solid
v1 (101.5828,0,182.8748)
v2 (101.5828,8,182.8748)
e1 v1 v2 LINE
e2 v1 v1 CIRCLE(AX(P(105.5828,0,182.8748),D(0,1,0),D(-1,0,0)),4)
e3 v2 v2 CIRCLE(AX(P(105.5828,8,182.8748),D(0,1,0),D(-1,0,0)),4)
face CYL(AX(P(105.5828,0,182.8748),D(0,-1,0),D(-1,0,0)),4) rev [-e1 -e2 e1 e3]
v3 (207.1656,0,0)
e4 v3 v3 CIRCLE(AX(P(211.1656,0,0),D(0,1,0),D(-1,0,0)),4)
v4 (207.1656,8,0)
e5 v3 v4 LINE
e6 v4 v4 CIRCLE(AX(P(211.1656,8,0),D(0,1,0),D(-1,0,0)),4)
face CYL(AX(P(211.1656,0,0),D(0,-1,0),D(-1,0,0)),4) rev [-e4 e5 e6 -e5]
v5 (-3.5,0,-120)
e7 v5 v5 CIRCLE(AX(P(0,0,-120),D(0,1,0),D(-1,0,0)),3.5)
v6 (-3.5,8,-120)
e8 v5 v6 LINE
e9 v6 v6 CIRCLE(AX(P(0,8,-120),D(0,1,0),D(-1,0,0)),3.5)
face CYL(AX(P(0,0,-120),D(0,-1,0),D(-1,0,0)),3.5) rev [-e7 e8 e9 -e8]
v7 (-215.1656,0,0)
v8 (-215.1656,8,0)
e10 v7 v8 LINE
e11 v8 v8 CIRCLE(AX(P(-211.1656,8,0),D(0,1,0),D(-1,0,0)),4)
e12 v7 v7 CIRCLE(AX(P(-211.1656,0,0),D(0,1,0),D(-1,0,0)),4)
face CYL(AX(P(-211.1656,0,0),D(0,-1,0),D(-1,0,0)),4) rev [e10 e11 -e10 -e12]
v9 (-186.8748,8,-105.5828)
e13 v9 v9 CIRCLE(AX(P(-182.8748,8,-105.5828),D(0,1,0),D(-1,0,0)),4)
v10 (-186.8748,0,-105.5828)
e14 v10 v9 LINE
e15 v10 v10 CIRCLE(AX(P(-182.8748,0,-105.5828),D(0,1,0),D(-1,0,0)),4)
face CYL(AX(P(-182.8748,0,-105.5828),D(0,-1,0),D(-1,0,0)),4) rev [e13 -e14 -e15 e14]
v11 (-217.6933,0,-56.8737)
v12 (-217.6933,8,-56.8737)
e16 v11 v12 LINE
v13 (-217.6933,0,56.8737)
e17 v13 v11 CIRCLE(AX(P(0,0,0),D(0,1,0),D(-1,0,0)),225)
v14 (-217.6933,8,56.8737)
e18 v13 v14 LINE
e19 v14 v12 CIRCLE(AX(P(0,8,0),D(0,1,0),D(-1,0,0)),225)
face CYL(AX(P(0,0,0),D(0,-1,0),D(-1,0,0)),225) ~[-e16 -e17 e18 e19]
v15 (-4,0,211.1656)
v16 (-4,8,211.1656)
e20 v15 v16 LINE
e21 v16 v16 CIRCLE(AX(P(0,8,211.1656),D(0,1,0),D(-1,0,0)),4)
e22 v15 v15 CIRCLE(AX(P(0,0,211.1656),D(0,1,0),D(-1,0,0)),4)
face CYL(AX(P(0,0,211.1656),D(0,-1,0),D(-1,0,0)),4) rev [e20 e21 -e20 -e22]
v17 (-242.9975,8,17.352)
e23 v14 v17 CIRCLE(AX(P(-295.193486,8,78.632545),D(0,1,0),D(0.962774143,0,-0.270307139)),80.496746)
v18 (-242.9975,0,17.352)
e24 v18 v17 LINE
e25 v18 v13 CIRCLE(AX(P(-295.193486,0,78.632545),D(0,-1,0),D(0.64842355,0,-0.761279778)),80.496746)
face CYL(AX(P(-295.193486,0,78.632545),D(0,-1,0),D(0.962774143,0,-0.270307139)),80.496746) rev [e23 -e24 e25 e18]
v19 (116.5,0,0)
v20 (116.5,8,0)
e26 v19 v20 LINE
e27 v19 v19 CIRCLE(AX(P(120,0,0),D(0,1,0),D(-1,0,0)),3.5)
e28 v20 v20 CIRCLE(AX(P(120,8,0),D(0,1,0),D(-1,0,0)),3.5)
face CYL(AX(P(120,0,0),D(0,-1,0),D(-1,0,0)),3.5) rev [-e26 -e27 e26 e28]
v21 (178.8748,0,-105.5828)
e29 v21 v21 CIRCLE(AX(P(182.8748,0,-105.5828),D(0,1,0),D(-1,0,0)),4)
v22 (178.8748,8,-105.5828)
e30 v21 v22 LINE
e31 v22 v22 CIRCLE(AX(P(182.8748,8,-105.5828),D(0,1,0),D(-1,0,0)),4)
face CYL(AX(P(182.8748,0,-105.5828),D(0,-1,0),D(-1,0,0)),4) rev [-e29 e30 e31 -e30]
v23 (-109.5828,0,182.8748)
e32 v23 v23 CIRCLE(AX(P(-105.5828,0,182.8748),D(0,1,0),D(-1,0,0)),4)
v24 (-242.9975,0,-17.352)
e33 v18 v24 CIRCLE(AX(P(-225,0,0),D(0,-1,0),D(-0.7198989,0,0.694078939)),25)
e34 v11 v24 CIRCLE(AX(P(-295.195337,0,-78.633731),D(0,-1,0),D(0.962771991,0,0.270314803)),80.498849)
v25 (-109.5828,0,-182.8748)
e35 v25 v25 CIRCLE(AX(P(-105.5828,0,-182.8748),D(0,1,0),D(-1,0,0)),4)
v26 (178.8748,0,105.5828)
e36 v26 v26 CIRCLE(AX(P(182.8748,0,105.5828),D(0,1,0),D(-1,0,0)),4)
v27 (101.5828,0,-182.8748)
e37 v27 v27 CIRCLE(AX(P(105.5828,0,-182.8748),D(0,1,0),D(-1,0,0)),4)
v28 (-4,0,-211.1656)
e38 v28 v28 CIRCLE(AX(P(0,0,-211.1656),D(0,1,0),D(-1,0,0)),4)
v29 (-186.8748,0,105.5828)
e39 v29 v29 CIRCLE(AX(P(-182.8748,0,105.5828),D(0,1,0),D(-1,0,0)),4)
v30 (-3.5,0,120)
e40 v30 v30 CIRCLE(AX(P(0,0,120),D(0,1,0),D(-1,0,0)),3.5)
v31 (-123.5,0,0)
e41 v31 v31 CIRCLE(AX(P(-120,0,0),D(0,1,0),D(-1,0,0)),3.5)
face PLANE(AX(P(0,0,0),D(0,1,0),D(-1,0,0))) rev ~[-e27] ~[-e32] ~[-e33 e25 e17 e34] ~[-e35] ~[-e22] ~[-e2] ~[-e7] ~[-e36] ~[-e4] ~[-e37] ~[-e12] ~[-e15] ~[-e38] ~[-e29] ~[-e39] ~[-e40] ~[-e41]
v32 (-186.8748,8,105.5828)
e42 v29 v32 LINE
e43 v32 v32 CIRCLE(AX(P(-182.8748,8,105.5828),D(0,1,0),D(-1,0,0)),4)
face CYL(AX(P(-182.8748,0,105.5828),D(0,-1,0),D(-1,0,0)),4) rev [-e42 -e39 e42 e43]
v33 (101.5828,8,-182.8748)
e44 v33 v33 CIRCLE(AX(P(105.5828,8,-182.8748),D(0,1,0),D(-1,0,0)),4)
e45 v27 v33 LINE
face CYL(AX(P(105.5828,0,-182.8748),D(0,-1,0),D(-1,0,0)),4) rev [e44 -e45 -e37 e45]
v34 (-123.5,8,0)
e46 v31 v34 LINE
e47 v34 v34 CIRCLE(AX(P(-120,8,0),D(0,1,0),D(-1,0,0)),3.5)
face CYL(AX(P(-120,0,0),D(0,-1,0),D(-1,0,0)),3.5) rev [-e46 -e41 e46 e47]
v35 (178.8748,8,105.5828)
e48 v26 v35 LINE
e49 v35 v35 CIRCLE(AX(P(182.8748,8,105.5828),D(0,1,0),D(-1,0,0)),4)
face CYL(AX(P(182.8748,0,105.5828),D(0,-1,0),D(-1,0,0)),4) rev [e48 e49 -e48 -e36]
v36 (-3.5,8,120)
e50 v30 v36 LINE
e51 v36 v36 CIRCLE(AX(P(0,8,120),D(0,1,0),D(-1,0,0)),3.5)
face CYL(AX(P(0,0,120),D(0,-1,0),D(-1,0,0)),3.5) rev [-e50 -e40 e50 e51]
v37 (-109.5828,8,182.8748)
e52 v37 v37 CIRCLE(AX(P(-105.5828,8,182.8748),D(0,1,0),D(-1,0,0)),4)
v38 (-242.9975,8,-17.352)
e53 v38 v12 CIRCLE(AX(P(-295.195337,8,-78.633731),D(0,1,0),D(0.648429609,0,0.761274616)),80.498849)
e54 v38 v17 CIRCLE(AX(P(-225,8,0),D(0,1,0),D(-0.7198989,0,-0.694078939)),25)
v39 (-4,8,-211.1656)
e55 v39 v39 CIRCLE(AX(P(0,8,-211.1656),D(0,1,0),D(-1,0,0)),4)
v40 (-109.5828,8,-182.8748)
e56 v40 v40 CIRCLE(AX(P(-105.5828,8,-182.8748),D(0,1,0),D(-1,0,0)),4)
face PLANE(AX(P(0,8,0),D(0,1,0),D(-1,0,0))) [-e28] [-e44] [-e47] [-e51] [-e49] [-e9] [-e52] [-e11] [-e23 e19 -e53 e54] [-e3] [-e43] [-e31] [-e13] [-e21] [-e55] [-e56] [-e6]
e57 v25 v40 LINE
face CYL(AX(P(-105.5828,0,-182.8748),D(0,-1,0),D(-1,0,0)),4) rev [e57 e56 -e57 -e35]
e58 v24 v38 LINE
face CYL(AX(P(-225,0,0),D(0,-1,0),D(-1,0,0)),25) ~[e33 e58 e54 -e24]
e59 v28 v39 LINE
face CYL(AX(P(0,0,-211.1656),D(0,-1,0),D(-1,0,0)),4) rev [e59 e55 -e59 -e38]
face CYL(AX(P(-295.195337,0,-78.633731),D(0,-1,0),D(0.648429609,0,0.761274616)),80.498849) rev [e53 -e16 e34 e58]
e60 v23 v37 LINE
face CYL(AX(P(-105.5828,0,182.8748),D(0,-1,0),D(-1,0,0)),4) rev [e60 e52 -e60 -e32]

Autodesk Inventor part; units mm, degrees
ref_plane "YZ Plane" through (0, 0, 0) normal (1, 0, 0) x (0, 1, 0)
ref_plane "XZ Plane" through (0, 0, 0) normal (0, 1, 0) x (-1, 0, 0)
ref_plane "XY Plane" through (0, 0, 0) normal (0, 0, 1) x (1, 0, 0)
sketch "Sketch1" plane through (0, 0, 0) normal (0, 1, 0) x (-1, 0, 0)
  arc A0 (-195.1682, -43.6963) -> (-195.1682, -43.6963) centre (0, 0) ccw construction
  spline S0 degree 3 poles (212.7614, 63.8524) (213.1534, 65.8524) (213.5259, 67.8561) (213.8787, 69.8633) knots 0 0 0 0 0.019635 0.019635 0.019635 0.019635 construction
  circle A1 centre (0, 0) radius 225
  line L0 (0, 0) -> (0, 120) construction
  line L1 (0, 0) -> (0, -120) construction
  line L2 (0, 0) -> (-120, 0) construction
  line L3 (0, 0) -> (120, 0) construction
  circle A2 centre (-120, 0) radius 3.5
  circle A3 centre (0, -120) radius 3.5
  circle A4 centre (120, 0) radius 3.5
  circle A5 centre (0, 120) radius 3.5
  circle A6 centre (0, -211.1656) radius 4
  circle A7 centre (105.5828, -182.8748) radius 4
  circle A8 centre (182.8748, -105.5828) radius 4
  circle A9 centre (211.1656, 0) radius 4
  circle A10 centre (182.8748, 105.5828) radius 4
  circle A11 centre (105.5828, 182.8748) radius 4
  circle A12 centre (0, 211.1656) radius 4
  circle A13 centre (-105.5828, 182.8748) radius 4
  circle A14 centre (-182.8748, 105.5828) radius 4
  circle A15 centre (-211.1656, 0) radius 4
  circle A16 centre (-182.8748, -105.5828) radius 4
  circle A17 centre (-105.5828, -182.8748) radius 4
  circle A18 centre (225, 0) radius 25
  line L4 (225, 0) -> (242.9975, 17.352)
  line L5 (225, 0) -> (250, 0)
  arc A19 (217.6933, 56.8737) -> (242.9975, 17.352) centre (295.1945, 78.633) ccw
  arc A20 (242.9975, -17.352) -> (217.6933, -56.8737) centre (295.1945, -78.633) ccw
  point P0 (217.6933, -56.8737)
  point P1 (242.9975, -17.352)
  dimension "d0" = 120
  dimension "d1" = 120
  dimension "d2" = 120
  dimension "d3" = 120
  dimension "d4" = 7
  dimension "d5" = 7
  dimension "d6" = 7
  dimension "d7" = 7
  dimension "d10" = 450
  dimension "d11" = 8
  dimension "d14" = 360
  dimension "d16" = 50
  dimension "d17" = 43.954
extrude "Extrusion1" add sketch "Sketch1" along normal blind 8 contours A1 A18 | A19 A18 A1 | A1 A18 A20 | A18 A19 L4 A1 | A1 A18 | A1 L5 A18 A20 | L4 A18 L5
properties part number "MDF Board"
